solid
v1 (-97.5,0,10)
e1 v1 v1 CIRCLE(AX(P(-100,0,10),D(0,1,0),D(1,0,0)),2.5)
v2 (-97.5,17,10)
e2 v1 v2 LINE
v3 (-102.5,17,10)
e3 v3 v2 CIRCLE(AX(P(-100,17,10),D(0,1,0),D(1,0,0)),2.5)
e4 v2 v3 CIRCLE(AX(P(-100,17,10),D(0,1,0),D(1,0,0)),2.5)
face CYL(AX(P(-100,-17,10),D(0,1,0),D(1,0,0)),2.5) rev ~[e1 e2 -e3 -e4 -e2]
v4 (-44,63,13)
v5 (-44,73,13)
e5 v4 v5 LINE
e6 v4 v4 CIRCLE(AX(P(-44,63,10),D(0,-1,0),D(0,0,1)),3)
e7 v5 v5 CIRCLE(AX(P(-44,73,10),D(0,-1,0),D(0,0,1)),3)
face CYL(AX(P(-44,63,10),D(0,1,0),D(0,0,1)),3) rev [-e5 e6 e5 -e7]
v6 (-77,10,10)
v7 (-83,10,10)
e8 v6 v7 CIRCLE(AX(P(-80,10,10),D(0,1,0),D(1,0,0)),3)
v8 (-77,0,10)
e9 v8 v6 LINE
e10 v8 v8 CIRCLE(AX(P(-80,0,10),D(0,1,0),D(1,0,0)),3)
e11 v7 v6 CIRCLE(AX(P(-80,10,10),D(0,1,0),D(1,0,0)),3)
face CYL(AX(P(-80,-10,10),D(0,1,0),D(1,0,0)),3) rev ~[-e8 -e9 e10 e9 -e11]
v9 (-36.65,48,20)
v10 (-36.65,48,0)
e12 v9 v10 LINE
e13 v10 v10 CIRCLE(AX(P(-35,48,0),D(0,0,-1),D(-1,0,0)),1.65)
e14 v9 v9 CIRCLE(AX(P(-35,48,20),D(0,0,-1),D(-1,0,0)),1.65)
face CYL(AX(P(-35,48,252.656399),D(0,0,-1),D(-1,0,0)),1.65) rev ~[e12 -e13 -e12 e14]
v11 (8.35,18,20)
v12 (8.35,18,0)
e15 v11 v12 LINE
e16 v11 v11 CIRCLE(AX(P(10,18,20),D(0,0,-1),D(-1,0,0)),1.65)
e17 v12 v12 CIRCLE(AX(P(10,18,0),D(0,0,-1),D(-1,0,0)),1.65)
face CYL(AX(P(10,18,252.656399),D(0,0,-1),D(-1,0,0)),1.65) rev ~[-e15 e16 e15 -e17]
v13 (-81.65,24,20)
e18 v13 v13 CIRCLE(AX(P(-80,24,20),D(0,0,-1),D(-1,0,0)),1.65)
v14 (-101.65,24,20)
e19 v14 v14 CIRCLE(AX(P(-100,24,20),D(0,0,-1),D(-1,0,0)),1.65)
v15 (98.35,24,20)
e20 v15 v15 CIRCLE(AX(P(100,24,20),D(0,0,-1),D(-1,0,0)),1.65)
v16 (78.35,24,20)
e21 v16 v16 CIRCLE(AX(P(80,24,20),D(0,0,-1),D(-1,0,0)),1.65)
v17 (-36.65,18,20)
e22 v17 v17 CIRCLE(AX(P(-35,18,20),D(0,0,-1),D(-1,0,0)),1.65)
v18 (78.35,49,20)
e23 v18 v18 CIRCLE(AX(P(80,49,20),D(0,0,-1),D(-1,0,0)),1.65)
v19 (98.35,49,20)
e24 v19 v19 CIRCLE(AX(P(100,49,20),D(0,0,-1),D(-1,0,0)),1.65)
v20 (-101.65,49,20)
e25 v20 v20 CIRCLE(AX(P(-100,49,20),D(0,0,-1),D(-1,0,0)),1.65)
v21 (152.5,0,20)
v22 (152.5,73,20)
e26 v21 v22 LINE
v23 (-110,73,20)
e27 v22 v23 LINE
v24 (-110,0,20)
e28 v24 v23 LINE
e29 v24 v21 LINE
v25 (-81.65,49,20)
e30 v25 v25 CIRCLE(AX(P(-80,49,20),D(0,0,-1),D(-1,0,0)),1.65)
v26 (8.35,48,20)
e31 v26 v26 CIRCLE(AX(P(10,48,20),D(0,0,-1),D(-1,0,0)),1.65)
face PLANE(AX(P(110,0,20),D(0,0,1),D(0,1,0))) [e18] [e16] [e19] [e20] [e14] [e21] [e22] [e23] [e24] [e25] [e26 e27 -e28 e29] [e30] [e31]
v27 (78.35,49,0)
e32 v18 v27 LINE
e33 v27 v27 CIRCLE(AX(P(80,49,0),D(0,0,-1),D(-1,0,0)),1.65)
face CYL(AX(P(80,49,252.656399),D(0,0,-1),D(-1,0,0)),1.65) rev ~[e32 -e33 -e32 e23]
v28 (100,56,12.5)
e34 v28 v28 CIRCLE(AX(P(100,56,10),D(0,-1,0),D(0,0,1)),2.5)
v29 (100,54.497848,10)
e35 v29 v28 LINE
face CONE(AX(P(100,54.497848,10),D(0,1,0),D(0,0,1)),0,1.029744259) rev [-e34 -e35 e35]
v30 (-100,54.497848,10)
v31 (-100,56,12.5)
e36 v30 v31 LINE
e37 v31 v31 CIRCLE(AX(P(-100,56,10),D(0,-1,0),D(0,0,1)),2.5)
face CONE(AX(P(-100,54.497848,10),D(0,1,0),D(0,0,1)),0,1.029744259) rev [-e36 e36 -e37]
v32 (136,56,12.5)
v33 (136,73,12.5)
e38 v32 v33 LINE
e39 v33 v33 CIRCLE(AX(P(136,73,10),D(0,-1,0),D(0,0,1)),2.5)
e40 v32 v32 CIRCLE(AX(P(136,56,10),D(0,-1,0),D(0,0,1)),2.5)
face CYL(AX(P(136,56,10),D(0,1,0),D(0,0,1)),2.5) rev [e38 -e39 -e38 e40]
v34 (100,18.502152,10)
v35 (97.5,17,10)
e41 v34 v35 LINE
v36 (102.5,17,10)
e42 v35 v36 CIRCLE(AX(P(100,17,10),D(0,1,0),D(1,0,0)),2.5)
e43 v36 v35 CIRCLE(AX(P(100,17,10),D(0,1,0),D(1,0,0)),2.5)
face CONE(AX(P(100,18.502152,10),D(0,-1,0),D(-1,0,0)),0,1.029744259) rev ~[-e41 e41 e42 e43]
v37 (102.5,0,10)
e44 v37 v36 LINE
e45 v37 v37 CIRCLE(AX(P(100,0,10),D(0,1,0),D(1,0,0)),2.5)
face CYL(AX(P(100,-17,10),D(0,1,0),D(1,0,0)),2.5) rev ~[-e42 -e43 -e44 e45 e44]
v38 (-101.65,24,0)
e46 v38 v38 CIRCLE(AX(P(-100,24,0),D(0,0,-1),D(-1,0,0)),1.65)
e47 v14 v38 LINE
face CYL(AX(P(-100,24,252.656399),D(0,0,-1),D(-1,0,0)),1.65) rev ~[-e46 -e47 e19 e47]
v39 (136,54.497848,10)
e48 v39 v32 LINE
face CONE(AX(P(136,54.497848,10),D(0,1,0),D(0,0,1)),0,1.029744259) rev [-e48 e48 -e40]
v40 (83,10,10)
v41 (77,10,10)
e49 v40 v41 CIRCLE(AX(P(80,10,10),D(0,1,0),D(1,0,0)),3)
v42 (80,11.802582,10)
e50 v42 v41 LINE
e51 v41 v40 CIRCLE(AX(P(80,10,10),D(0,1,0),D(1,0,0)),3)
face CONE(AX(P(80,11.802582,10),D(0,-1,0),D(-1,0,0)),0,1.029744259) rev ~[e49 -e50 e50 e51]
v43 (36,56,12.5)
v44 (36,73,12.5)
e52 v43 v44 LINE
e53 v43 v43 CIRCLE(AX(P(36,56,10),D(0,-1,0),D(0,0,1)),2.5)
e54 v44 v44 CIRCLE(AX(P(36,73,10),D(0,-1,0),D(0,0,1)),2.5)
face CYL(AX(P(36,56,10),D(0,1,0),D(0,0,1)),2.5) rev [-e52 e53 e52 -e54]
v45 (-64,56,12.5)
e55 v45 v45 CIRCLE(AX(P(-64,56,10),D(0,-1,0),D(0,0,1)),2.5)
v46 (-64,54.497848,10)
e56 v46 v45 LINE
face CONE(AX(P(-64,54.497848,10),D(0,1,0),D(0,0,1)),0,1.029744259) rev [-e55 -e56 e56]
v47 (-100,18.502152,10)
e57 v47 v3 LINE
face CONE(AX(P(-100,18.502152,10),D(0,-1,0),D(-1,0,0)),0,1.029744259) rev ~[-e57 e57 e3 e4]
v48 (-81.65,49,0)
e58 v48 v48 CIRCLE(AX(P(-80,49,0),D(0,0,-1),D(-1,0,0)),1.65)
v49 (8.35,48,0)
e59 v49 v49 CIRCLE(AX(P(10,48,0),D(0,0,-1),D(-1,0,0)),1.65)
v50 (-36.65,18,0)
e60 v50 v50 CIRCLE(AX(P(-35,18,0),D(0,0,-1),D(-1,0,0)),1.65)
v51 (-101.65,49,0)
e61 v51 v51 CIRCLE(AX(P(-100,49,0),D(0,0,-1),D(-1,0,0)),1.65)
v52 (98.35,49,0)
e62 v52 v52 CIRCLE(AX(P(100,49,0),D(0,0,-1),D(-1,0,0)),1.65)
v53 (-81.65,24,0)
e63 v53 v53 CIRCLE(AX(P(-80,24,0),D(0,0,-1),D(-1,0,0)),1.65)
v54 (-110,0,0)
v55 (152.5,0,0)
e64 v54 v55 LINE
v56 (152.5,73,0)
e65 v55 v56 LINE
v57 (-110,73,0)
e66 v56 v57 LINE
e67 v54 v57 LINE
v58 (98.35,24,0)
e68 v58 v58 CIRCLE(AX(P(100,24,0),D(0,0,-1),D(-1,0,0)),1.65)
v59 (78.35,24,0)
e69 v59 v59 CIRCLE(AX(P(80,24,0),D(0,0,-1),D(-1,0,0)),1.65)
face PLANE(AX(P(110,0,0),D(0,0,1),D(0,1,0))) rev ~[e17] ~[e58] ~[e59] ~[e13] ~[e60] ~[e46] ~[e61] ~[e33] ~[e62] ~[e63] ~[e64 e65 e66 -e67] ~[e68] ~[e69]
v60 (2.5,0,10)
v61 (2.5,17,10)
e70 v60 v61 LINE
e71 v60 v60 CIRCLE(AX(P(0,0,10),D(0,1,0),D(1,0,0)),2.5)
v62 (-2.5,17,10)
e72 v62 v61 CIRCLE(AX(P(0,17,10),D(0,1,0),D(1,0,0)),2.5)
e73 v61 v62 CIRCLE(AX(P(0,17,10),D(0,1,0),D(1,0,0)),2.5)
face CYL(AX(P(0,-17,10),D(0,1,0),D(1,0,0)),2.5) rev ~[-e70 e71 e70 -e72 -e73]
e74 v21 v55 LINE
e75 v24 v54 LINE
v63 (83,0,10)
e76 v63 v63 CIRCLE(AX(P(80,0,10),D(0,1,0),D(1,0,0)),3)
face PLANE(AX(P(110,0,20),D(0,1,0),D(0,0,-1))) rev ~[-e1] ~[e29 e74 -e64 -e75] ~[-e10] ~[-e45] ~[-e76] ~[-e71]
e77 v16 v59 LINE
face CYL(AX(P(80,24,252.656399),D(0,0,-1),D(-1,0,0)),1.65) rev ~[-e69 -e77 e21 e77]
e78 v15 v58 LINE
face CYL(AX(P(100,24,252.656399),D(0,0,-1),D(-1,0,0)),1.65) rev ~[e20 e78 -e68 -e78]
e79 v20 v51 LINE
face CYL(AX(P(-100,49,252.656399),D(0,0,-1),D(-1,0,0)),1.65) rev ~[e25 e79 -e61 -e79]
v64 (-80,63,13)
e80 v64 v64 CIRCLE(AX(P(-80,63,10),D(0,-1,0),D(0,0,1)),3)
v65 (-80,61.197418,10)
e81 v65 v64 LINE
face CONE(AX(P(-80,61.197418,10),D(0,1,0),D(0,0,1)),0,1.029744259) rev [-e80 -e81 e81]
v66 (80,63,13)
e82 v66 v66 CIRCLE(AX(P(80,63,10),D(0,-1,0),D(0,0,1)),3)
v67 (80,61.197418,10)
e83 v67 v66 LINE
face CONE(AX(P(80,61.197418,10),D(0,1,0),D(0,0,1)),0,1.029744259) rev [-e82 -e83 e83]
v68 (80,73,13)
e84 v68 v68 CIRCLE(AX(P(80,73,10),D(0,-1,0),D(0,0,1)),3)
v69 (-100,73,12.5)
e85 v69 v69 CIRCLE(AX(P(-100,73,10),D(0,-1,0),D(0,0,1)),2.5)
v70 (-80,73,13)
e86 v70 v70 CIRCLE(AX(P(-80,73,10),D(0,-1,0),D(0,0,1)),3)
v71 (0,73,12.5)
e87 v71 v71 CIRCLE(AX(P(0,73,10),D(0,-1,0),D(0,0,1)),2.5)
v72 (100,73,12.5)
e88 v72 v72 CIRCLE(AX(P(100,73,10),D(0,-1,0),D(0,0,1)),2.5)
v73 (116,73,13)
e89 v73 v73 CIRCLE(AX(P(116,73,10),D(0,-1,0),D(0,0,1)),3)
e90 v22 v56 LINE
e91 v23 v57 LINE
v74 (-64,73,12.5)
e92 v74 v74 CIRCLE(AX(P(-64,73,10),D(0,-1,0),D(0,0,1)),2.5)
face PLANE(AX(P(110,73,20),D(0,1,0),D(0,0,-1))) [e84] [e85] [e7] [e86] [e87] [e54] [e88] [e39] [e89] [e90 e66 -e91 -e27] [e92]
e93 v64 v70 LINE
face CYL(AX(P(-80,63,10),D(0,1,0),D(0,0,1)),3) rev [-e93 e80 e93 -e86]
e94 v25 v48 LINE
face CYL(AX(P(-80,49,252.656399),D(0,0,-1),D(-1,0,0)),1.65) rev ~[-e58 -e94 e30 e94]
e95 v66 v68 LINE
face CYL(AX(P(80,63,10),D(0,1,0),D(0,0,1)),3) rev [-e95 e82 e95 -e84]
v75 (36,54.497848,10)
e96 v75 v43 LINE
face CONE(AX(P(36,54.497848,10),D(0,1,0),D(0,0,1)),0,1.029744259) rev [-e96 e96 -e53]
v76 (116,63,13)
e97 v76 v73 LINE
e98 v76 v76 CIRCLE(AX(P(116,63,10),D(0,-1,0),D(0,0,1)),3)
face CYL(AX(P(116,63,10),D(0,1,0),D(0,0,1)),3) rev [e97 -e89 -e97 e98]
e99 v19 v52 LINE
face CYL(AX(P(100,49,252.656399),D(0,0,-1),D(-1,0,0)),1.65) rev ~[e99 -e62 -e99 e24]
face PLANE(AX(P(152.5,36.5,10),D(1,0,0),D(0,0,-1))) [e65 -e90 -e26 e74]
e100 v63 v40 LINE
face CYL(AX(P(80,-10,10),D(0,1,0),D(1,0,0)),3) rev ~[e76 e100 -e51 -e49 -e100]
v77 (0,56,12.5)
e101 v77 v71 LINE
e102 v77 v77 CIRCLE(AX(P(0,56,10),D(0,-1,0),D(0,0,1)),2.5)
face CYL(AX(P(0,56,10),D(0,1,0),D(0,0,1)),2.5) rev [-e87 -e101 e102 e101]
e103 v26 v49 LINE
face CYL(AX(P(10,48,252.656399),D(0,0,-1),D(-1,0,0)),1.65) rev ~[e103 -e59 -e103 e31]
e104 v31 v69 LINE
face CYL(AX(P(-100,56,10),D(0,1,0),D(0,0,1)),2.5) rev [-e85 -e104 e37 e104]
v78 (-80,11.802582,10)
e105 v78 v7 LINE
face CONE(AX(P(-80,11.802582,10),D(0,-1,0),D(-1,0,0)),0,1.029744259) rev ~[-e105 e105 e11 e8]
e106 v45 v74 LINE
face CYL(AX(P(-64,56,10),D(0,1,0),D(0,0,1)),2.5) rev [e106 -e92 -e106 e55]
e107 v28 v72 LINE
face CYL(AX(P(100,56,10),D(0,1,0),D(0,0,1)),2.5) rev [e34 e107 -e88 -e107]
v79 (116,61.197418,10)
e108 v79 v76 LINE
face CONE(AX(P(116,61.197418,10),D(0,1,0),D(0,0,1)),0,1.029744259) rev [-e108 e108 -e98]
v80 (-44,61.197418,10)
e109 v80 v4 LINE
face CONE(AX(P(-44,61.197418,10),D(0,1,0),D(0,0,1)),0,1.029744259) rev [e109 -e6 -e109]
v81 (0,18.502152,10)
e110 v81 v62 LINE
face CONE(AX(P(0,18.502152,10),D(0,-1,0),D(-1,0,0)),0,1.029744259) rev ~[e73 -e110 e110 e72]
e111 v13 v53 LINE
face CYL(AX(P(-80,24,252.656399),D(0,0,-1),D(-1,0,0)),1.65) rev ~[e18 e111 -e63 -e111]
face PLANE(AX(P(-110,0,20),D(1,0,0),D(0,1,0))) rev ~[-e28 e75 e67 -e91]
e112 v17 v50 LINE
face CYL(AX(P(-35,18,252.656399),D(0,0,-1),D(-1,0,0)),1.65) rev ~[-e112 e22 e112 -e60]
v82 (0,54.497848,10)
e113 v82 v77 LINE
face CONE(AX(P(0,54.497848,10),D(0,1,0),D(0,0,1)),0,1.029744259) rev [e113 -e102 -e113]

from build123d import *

# Parameters (mm, degrees)
SKIZZE1_W                                  = 220
SKIZZE1_H                                  = 73
AUFSATZ_LINEAR_AUSTRAGEN1_DEPTH            = 20
M4_GEWINDEBOHRUNG1_D                       = 3.3
M6_GEWINDEBOHRUNG2_AT_2_COUNT              = 2
M6_GEWINDEBOHRUNG2_AT_2_PITCH              = 100
M6_GEWINDEBOHRUNG2_AT_3_COUNT              = 2
M6_GEWINDEBOHRUNG2_AT_3_PITCH              = 100
F_6_0MM_TRANSITIONAL_STIFTLOCH1_AT_2_COUNT = 2
F_6_0MM_TRANSITIONAL_STIFTLOCH1_AT_2_PITCH = 160
M6_GEWINDEBOHRUNG1_D                       = 5
M6_GEWINDEBOHRUNG1_DEPTH                   = 17
M6_GEWINDEBOHRUNG1_TIP                     = 1.502151548
F_6_0MM_STIFTLOCH1_D                       = 6
F_6_0MM_STIFTLOCH1_DEPTH                   = 10
F_6_0MM_STIFTLOCH1_TIP                     = 1.802581857
M4_GEWINDEBOHRUNG2_D                       = 3.3
SKIZZE16_W                                 = 20
SKIZZE16_H                                 = 73
AUFSATZ_LINEAR_AUSTRAGEN2_DEPTH            = 42.5
LINEARES_MUSTER1_COUNT                     = 2
LINEARES_MUSTER1_PITCH                     = 36


with BuildPart() as part:
    # Skizze1 → Aufsatz-Linear austragen1 (new body)
    with BuildSketch(Plane.XY.offset(20)):
        with Locations((0, 36.5)):
            Rectangle(SKIZZE1_W, SKIZZE1_H)
    extrude(amount=-AUFSATZ_LINEAR_AUSTRAGEN1_DEPTH)

    # M4 Gewindebohrung1 (through all)
    with Locations(Plane.XY.offset(20)):
        with Locations((10, 48), (10, 18), (-35, 18), (-35, 48)):
            Hole(M4_GEWINDEBOHRUNG1_D / 2)

    # Skizze6 → M6 Gewindebohrung2 (revolve, cut)
    with BuildSketch(Plane(origin=(0, 73, 10), x_dir=(0, 0, 1), z_dir=(1, 0, 0))):
        Polygon((0, 0), (0, 18.502151548), (2.5, 17), (2.5, 0), align=None)
    m6_gewindebohrung2 = revolve(axis=Axis((0, 79.35, 10), (0, -1, 0)), mode=Mode.SUBTRACT)

    # M6 Gewindebohrung2 at 2: M6 Gewindebohrung2 ×2
    with Locations(*[(-i * M6_GEWINDEBOHRUNG2_AT_2_PITCH, 0, 0) for i in range(1, M6_GEWINDEBOHRUNG2_AT_2_COUNT)]):
        add(m6_gewindebohrung2, mode=Mode.SUBTRACT)

    # M6 Gewindebohrung2 at 3: M6 Gewindebohrung2 ×2
    with Locations(*[(i * M6_GEWINDEBOHRUNG2_AT_3_PITCH, 0, 0) for i in range(1, M6_GEWINDEBOHRUNG2_AT_3_COUNT)]):
        add(m6_gewindebohrung2, mode=Mode.SUBTRACT)

    # Skizze10 → Ø6.0mm Transitional Stiftloch1 (revolve, cut)
    with BuildSketch(Plane(origin=(-80, 73, 10), x_dir=(0, 0, 1), z_dir=(1, 0, 0))):
        Polygon((0, 0), (0, 11.802581857), (3, 10), (3, 0), align=None)
    f_6_0mm_transitional_stiftloch1 = revolve(axis=Axis((-80, 79.35, 10), (0, -1, 0)), mode=Mode.SUBTRACT)

    # Ø6.0mm Transitional Stiftloch1 at 2: Ø6.0mm Transitional Stiftloch1 ×2
    with Locations(*[(i * F_6_0MM_TRANSITIONAL_STIFTLOCH1_AT_2_PITCH, 0, 0) for i in range(1, F_6_0MM_TRANSITIONAL_STIFTLOCH1_AT_2_COUNT)]):
        add(f_6_0mm_transitional_stiftloch1, mode=Mode.SUBTRACT)

    # M6 Gewindebohrung1
    with Locations(Plane(origin=(0, 0, 0), x_dir=(-1, 0, 0), z_dir=(0, -1, 0))):
        with Locations((100, -10), (0, -10), (-100, -10)):
            Hole(M6_GEWINDEBOHRUNG1_D / 2, depth=M6_GEWINDEBOHRUNG1_DEPTH)
            with Locations((0, 0, -(M6_GEWINDEBOHRUNG1_DEPTH + M6_GEWINDEBOHRUNG1_TIP / 2))):  # 118° drill point
                Cone(0, M6_GEWINDEBOHRUNG1_D / 2, M6_GEWINDEBOHRUNG1_TIP, mode=Mode.SUBTRACT)

    # Ø6.0mm Stiftloch1
    with Locations(Plane(origin=(0, 0, 0), x_dir=(-1, 0, 0), z_dir=(0, -1, 0))):
        with Locations((-80, -10), (80, -10)):
            Hole(F_6_0MM_STIFTLOCH1_D / 2, depth=F_6_0MM_STIFTLOCH1_DEPTH)
            with Locations((0, 0, -(F_6_0MM_STIFTLOCH1_DEPTH + F_6_0MM_STIFTLOCH1_TIP / 2))):  # 118° drill point
                Cone(0, F_6_0MM_STIFTLOCH1_D / 2, F_6_0MM_STIFTLOCH1_TIP, mode=Mode.SUBTRACT)

    # M4 Gewindebohrung2 (through all)
    with Locations(Plane.XY.offset(20)):
        with Locations((-80, 24), (-80, 49), (-100, 24), (-100, 49), (100, 49), (100, 24), (80, 49), (80, 24)):
            Hole(M4_GEWINDEBOHRUNG2_D / 2)

    # Skizze16 → Aufsatz-Linear austragen2 (add)
    with BuildSketch(Plane(origin=(110, 0, 0), x_dir=(0, 0, -1), z_dir=(1, 0, 0))):
        with Locations((-10, 36.5)):
            Rectangle(SKIZZE16_W, SKIZZE16_H)
    extrude(amount=AUFSATZ_LINEAR_AUSTRAGEN2_DEPTH)

    # Lineares Muster1: M6 Gewindebohrung2, Ø6.0mm Transitional Stiftloch1 ×2
    with Locations(*[(i * LINEARES_MUSTER1_PITCH, 0, 0) for i in range(1, LINEARES_MUSTER1_COUNT)]):
        add(m6_gewindebohrung2, mode=Mode.SUBTRACT)
        add(f_6_0mm_transitional_stiftloch1, mode=Mode.SUBTRACT)

    # Lineares Muster1 copy 1 sketch → Lineares Muster1 copy 1 (revolve, cut)
    with BuildSketch(Plane(origin=(-64, 73, 10), x_dir=(0, 0, 1), z_dir=(1, 0, 0))):
        Polygon((0, 0), (0, 18.502151548), (2.5, 17), (2.5, 0), align=None)
    revolve(axis=Axis((-64, 79.35, 10), (0, -1, 0)), mode=Mode.SUBTRACT)

    # Lineares Muster1 copy 2 sketch → Lineares Muster1 copy 2 (revolve, cut)
    with BuildSketch(Plane(origin=(136, 73, 10), x_dir=(0, 0, 1), z_dir=(1, 0, 0))):
        Polygon((0, 0), (0, 18.502151548), (2.5, 17), (2.5, 0), align=None)
    revolve(axis=Axis((136, 79.35, 10), (0, -1, 0)), mode=Mode.SUBTRACT)

    # Lineares Muster1 copy 3 sketch → Lineares Muster1 copy 3 (revolve, cut)
    with BuildSketch(Plane(origin=(116, 73, 10), x_dir=(0, 0, 1), z_dir=(1, 0, 0))):
        Polygon((0, 0), (0, 11.802581857), (3, 10), (3, 0), align=None)
    revolve(axis=Axis((116, 79.35, 10), (0, -1, 0)), mode=Mode.SUBTRACT)


solid = part.part
